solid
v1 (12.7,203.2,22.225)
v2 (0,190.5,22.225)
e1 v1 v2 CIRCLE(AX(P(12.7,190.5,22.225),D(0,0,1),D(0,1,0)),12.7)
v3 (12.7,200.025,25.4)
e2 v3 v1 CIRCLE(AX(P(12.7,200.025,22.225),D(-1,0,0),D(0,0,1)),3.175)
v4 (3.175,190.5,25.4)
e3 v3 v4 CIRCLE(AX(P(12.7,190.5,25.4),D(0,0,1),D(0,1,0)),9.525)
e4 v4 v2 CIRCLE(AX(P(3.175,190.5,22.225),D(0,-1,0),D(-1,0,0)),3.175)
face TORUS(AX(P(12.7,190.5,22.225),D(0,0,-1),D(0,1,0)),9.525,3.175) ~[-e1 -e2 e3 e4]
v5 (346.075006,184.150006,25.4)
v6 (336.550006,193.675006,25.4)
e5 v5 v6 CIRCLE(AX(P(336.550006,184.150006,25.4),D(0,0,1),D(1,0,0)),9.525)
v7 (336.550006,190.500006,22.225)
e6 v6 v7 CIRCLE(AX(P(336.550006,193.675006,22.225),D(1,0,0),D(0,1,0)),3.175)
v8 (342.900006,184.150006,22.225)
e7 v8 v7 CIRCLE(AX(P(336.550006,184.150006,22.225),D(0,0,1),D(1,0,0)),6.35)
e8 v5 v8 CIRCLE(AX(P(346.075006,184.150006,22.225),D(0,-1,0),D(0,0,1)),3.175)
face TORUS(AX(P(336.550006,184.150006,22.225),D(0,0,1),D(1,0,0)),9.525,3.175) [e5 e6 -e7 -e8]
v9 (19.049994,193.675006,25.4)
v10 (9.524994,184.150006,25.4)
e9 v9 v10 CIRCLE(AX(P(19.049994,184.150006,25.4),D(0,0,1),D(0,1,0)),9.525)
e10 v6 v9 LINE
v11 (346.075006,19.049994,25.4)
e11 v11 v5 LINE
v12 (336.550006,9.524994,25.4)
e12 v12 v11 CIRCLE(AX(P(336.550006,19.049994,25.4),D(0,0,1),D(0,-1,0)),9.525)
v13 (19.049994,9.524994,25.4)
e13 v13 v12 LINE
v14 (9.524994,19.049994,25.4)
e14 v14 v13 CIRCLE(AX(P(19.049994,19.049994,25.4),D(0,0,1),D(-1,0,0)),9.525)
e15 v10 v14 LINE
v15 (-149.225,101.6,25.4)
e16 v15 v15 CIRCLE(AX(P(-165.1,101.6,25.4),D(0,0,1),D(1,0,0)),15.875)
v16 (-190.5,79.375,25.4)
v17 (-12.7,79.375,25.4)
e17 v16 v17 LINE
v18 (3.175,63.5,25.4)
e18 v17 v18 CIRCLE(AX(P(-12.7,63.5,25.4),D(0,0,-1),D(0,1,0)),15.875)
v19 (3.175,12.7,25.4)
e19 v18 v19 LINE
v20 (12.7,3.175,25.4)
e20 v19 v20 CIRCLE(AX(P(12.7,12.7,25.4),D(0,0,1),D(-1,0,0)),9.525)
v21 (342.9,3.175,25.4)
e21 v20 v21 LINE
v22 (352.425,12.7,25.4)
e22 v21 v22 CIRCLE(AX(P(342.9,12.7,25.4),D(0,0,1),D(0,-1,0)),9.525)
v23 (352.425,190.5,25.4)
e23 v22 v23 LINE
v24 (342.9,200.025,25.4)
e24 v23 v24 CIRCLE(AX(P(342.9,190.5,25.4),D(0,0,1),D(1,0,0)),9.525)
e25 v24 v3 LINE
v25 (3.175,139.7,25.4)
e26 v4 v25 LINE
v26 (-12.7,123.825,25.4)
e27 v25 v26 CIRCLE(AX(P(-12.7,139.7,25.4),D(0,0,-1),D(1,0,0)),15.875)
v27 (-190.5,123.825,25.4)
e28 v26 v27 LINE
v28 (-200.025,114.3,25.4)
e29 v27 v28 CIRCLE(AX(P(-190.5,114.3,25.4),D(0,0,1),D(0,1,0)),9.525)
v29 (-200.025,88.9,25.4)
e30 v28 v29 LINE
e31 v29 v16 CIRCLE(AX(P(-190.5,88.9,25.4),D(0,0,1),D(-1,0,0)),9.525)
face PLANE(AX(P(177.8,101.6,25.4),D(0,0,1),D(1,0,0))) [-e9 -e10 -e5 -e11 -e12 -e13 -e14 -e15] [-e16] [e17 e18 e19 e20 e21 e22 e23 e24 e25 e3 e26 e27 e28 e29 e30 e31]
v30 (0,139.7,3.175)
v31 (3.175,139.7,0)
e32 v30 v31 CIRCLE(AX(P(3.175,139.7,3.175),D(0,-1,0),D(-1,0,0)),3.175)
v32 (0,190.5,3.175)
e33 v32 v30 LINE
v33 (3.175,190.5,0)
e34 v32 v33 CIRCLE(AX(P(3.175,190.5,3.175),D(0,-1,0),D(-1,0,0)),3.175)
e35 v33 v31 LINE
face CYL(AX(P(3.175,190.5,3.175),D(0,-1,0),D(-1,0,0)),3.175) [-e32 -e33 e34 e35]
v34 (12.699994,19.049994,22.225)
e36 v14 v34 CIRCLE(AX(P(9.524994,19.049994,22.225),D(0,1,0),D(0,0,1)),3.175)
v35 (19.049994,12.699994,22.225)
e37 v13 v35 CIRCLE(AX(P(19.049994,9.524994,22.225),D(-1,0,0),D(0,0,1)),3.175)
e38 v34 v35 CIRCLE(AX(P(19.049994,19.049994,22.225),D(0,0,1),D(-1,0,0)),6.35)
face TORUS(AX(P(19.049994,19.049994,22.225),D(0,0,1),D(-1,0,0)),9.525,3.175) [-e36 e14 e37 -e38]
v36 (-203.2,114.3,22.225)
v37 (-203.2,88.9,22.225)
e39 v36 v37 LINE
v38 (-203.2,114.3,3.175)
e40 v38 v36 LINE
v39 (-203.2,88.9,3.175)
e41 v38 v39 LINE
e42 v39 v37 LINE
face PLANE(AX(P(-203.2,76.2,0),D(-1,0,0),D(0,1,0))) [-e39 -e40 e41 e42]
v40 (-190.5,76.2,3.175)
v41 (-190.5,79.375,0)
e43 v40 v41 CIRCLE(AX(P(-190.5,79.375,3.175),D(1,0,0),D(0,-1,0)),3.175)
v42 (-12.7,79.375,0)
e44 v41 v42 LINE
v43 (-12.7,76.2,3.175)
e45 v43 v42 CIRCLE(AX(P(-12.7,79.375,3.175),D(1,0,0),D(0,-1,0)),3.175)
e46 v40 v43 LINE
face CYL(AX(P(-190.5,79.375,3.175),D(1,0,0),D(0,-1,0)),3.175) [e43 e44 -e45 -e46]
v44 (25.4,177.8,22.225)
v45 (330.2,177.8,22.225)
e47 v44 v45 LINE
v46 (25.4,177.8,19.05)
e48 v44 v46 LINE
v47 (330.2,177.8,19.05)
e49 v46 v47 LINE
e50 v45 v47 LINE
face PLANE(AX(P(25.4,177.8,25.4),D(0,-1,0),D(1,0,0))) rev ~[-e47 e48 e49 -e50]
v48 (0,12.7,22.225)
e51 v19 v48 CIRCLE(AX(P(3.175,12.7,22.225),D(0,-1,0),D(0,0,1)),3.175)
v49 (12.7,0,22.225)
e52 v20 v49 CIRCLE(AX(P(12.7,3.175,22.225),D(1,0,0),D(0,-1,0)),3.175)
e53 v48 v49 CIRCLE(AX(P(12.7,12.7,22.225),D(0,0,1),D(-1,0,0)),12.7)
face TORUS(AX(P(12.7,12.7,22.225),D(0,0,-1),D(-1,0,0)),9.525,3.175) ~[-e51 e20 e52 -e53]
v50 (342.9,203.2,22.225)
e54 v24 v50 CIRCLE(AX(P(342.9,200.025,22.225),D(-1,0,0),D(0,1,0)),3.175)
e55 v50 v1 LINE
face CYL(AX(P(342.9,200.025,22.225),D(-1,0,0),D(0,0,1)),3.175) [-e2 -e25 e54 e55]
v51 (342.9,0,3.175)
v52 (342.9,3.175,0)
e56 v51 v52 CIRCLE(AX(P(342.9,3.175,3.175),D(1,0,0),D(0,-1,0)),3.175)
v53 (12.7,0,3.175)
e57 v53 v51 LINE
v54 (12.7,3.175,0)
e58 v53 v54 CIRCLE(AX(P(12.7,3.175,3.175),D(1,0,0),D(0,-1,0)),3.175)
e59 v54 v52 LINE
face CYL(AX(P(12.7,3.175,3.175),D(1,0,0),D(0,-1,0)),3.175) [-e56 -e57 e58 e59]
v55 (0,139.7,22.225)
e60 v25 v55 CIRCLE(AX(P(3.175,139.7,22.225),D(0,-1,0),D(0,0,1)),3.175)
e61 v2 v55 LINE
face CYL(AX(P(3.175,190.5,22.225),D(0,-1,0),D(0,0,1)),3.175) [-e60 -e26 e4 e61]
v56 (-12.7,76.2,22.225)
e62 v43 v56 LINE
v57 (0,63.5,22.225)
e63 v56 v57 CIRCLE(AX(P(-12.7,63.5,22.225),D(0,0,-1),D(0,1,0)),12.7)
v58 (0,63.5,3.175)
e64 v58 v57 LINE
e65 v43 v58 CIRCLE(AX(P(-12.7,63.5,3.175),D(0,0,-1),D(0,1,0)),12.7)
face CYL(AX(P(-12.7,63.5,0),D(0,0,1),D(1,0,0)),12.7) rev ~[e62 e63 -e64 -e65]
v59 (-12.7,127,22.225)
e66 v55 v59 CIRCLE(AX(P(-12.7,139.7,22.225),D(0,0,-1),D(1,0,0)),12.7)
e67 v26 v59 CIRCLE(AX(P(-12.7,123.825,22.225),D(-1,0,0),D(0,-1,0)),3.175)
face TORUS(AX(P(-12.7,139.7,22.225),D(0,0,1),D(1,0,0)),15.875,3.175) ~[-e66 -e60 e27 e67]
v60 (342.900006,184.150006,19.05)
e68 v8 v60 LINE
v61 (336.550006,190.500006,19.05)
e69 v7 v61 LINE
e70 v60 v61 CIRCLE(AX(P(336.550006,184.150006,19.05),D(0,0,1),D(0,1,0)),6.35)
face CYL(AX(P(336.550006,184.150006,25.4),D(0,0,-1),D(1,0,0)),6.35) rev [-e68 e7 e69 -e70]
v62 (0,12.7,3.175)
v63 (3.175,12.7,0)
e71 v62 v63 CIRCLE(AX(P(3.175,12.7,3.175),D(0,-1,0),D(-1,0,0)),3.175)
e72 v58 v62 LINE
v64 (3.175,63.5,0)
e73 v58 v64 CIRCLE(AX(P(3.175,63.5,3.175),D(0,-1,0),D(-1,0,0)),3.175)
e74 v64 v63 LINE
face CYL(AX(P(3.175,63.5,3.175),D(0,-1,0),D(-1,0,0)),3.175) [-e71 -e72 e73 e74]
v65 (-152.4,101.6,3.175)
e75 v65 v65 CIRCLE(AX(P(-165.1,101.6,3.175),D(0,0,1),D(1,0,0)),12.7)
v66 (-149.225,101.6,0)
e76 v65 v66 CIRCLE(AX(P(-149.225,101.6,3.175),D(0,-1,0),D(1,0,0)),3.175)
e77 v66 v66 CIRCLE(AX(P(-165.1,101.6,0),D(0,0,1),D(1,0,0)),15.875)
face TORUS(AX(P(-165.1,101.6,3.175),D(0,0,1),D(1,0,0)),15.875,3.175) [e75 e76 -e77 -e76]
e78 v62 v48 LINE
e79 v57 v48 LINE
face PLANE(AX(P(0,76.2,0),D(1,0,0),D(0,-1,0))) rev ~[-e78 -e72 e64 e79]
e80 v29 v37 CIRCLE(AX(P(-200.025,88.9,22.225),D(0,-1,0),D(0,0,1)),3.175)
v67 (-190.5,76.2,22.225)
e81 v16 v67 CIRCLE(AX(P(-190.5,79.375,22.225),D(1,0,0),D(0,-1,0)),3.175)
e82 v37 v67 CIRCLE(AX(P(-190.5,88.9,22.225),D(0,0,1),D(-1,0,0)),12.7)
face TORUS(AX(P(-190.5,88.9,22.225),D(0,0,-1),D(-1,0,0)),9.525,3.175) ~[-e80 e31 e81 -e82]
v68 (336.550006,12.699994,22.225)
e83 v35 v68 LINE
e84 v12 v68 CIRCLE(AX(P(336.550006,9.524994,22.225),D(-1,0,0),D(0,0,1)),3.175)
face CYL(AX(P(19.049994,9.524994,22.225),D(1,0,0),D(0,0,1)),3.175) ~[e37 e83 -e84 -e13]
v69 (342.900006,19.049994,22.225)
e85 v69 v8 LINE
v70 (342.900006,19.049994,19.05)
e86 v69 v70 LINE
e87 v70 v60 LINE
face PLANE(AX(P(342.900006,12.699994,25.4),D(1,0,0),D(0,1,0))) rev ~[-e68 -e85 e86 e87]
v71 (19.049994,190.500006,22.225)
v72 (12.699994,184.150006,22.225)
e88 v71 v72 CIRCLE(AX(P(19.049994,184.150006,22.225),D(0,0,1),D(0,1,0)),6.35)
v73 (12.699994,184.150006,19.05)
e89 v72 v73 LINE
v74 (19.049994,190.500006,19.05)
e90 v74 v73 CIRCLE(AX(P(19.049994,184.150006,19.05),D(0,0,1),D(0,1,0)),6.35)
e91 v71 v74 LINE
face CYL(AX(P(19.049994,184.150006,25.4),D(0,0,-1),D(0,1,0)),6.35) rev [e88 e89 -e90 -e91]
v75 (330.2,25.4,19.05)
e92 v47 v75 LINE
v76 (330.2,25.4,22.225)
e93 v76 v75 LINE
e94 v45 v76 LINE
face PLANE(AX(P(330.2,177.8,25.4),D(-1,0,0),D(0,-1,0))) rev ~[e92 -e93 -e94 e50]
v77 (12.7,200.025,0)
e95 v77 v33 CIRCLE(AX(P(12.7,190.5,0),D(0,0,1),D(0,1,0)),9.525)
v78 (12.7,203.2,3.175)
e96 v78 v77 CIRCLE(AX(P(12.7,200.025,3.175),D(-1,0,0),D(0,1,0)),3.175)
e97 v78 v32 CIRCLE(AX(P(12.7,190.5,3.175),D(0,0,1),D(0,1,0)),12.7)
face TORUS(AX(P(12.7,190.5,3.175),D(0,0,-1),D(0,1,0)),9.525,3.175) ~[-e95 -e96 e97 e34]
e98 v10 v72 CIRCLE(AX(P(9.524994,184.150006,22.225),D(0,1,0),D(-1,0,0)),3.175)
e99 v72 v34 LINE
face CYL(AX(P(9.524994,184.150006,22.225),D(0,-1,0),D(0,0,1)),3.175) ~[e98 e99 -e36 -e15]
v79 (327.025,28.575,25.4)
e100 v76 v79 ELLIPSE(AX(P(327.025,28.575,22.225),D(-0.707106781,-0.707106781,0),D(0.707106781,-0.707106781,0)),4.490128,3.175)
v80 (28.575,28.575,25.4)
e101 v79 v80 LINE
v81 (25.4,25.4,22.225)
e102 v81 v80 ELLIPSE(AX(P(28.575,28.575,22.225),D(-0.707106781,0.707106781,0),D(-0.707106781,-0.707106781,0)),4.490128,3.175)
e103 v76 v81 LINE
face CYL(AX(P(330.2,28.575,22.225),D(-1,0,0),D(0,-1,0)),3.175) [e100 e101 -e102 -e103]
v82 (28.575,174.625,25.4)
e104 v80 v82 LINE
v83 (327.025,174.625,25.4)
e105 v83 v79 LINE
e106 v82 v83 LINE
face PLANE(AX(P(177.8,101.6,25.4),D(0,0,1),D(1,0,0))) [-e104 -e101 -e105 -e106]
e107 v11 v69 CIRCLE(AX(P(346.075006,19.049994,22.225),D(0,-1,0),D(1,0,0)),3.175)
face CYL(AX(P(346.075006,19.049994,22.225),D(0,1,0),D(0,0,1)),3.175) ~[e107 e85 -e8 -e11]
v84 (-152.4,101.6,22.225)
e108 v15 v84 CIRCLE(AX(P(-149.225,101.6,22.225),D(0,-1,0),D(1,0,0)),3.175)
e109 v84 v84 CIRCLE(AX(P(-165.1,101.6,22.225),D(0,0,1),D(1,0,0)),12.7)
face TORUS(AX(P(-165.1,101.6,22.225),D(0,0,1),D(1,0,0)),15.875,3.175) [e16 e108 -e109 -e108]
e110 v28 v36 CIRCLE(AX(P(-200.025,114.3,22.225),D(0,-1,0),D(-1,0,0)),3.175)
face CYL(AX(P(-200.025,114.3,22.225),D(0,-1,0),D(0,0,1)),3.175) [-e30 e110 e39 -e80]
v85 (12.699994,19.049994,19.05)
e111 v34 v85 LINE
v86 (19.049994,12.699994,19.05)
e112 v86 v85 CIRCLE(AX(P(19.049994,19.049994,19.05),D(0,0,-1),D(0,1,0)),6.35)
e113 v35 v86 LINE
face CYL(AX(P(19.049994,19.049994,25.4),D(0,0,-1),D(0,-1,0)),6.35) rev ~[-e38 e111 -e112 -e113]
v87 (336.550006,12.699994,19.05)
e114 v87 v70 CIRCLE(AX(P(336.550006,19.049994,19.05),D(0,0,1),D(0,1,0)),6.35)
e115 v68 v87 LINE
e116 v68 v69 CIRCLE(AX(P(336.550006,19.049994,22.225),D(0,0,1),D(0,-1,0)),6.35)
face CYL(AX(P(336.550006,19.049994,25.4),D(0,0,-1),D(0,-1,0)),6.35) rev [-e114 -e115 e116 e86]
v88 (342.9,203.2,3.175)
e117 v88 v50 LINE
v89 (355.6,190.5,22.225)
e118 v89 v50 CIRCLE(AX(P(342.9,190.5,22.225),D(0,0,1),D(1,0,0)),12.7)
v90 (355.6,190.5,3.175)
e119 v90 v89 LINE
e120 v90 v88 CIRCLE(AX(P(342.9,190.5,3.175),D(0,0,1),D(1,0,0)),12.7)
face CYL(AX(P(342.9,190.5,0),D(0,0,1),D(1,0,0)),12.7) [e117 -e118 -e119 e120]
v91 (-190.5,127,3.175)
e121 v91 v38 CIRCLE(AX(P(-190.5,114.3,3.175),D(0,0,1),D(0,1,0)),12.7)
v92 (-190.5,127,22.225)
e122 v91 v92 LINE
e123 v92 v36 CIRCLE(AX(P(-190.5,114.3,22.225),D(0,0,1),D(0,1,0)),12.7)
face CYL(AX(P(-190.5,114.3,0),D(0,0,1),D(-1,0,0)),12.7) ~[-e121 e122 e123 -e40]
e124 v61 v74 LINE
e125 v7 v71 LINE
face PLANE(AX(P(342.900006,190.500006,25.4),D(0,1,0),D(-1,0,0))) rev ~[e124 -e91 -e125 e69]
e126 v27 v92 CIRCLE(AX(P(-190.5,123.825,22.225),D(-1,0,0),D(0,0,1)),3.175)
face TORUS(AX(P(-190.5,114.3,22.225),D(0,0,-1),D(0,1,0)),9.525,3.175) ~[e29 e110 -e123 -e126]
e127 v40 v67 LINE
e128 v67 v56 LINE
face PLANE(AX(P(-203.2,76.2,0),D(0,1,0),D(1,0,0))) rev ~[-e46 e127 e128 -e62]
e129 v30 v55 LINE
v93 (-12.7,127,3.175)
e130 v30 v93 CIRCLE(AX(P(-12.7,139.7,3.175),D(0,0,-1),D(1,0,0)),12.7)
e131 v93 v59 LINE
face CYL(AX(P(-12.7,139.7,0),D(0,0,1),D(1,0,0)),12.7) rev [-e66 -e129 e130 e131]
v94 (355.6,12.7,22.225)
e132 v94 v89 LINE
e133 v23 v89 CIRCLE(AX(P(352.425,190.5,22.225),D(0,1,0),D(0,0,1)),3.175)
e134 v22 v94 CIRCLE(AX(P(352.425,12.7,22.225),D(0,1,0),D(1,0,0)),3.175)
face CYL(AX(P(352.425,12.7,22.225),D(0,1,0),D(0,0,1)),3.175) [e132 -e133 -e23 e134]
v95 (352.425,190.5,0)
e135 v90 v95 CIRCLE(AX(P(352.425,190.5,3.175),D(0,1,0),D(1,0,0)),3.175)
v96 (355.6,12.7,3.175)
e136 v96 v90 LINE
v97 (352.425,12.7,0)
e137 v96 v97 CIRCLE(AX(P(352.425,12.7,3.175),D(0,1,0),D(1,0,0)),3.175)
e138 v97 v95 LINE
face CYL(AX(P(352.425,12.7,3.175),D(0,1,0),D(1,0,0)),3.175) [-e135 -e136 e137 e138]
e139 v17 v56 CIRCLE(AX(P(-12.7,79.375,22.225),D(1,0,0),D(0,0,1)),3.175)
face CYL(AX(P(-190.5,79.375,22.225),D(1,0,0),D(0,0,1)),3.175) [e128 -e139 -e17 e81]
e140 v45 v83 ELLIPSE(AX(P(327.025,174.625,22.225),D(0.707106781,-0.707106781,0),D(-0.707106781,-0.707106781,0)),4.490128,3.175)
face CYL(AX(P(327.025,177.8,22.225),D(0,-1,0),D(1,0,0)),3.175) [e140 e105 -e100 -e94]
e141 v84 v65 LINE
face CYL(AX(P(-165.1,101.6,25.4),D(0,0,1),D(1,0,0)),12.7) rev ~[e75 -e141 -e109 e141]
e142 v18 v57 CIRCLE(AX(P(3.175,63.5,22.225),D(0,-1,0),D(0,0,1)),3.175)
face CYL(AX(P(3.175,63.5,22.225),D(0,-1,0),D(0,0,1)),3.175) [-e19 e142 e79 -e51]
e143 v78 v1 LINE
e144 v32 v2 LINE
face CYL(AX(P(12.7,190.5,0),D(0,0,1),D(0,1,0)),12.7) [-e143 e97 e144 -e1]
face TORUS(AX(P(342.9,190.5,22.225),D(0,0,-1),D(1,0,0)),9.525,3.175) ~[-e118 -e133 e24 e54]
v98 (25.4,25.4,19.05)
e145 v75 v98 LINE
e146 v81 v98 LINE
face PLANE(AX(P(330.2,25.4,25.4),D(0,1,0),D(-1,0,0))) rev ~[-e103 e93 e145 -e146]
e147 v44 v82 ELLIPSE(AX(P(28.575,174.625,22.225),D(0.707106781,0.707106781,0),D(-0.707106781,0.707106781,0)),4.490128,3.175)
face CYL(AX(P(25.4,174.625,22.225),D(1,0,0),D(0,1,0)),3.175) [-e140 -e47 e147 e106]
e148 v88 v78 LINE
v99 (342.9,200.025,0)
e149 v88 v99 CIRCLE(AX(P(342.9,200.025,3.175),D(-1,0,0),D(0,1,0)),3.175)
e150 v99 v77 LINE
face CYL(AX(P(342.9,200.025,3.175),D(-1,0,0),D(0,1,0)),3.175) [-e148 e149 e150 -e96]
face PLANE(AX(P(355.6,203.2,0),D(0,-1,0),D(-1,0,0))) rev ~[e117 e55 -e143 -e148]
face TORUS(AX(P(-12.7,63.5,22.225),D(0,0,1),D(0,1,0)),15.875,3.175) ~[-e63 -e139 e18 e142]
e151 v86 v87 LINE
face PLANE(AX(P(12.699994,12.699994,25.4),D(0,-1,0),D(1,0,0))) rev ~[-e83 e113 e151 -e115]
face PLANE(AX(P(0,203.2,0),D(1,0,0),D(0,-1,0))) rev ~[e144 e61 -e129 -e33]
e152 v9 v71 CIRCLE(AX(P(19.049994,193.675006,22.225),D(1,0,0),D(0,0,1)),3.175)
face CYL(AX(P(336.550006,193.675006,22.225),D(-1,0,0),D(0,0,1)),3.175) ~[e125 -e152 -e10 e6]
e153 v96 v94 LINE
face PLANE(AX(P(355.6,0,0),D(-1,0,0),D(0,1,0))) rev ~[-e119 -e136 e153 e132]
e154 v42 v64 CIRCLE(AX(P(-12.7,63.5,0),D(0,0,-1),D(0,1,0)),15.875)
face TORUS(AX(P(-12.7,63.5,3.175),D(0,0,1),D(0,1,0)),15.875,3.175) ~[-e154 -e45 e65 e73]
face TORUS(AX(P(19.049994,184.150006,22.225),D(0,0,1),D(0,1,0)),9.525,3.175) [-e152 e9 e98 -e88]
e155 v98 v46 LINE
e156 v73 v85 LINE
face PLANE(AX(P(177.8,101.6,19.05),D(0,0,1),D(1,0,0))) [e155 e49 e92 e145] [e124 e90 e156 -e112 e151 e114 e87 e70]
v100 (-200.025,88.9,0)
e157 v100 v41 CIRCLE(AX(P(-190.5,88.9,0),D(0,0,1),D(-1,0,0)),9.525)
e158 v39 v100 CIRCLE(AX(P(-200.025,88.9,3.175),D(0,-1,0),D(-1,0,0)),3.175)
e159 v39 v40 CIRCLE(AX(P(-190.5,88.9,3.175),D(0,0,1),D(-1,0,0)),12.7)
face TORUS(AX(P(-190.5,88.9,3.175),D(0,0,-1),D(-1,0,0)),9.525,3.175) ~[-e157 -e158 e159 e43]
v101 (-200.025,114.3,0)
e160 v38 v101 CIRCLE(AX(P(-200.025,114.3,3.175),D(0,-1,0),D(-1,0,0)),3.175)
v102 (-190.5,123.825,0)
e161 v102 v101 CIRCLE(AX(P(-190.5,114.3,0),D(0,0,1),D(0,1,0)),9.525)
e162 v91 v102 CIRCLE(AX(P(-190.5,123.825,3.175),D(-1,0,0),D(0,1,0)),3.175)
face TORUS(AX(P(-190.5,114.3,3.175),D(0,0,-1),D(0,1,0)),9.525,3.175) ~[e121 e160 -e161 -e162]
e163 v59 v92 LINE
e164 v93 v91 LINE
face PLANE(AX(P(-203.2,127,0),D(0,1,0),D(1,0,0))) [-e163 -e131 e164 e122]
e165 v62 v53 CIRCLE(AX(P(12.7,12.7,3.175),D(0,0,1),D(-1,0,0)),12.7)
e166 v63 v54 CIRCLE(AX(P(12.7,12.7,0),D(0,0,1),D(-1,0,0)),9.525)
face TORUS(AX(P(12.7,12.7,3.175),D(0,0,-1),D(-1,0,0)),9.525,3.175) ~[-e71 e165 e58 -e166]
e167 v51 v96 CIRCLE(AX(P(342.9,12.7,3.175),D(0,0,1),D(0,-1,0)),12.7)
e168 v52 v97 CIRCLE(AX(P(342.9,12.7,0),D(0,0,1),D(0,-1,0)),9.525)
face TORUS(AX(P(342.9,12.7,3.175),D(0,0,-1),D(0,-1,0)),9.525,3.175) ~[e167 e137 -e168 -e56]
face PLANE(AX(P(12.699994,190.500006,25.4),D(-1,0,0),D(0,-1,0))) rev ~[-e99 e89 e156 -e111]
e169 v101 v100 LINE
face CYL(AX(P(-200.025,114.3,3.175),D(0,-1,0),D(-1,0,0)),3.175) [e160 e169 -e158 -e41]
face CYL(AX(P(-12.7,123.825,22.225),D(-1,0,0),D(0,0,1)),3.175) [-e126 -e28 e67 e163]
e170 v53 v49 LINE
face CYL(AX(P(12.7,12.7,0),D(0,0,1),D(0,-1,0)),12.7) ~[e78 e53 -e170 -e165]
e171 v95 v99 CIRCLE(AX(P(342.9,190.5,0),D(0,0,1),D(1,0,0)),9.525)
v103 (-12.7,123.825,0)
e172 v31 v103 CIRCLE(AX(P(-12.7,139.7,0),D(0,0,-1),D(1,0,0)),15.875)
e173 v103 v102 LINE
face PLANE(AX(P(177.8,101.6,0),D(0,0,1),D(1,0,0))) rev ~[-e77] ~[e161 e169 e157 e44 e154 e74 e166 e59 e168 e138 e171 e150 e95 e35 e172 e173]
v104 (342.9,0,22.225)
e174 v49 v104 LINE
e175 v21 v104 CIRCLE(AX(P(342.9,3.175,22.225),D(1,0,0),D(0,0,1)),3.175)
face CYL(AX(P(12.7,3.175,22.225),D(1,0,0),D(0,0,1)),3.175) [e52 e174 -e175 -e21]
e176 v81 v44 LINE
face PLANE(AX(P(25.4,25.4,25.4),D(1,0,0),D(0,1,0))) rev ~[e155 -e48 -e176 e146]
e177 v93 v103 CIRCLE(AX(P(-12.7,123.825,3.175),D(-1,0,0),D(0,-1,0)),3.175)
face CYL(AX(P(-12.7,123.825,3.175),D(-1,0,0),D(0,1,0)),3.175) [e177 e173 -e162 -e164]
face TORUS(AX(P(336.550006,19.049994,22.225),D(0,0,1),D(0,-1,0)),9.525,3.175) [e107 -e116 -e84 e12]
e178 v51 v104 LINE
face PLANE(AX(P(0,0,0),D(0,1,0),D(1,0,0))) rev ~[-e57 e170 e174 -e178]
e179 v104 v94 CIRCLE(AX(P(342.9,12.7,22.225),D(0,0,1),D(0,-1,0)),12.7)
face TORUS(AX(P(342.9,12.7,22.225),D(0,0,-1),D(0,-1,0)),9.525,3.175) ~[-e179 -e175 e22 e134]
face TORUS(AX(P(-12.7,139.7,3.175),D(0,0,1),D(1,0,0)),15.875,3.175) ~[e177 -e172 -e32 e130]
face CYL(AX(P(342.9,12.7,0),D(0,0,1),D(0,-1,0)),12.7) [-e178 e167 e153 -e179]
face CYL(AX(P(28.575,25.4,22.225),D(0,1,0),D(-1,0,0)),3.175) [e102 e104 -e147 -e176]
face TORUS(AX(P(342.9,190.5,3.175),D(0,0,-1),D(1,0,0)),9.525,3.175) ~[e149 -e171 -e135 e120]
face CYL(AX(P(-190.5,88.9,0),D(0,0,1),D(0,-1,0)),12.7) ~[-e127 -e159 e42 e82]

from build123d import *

# Parameters (mm, degrees)
F0_W     = 203.2
F0_H     = 50.8
F1_DEPTH = 25.4
F2_R     = 12.7
F3_DEPTH = 25.4
F5_DEPTH = 6.35
F6_R     = 6.35
F7_R     = 12.7
F8_R     = 3.175


with BuildPart() as f1:
    # F0 (on Top) → F1 (new body)
    with BuildSketch(Plane.XY):
        Polygon((0, 76.2), (0, 0), (355.6, 0), (355.6, 203.2), (0, 203.2), (0, 127), align=None)
        with Locations((-101.6, 101.6)):
            Rectangle(F0_W, F0_H)
    extrude(amount=F1_DEPTH)

    # F2 (on face) → F3 (cut)
    with BuildSketch(Plane.XY.offset(25.4)):
        with Locations((-165.1, 101.6)):
            Circle(F2_R)
    extrude(amount=-F3_DEPTH, mode=Mode.SUBTRACT)

    # F4 (on face) → F5 (cut)
    with BuildSketch(Plane.XY.offset(25.4)):
        Polygon((12.6999939203, 72.3010972142), (12.6999939203, 12.6999939203), (342.9000060797, 12.6999939203), (342.9000060797, 190.5000060797), (12.6999939203, 190.5000060797), (12.6999939203, 127), (12.6999939203, 76.2), align=None)
        Polygon((330.1999997139, 25.4000002861), (25.4000002861, 25.4000002861), (25.4000002861, 76.2), (25.4000002861, 127), (25.4000002861, 177.7999997139), (330.1999997139, 177.7999997139), align=None, mode=Mode.SUBTRACT)
    extrude(amount=-F5_DEPTH, mode=Mode.SUBTRACT)

    # F6
    f6_edges = [f1.edges().sort_by_distance(p)[0] for p in [
        (12.699994, 190.500006, 22.225),
        (342.900006, 190.500006, 22.225),
        (342.900006, 12.699994, 22.225),
        (12.699994, 12.699994, 22.225),
    ]]
    fillet(f6_edges, radius=F6_R)

    # F7
    f7_edges = [f1.edges().sort_by_distance(p)[0] for p in [
        (0, 0, 12.7),
        (-203.2, 76.2, 12.7),
        (-203.2, 127, 12.7),
        (0, 127, 12.7),
        (0, 203.2, 12.7),
        (355.6, 203.2, 12.7),
        (355.6, 0, 12.7),
        (0, 76.2, 12.7),
    ]]
    fillet(f7_edges, radius=F7_R)

    # F8
    f8_edges = [f1.edges().sort_by_distance(p)[0] for p in [
        (330.2, 101.6, 25.4),
        (177.8, 25.4, 25.4),
        (25.4, 101.6, 25.4),
        (177.8, 177.8, 25.4),
        (0, 38.1, 25.4),
        (-3.719744, 72.480256, 25.4),
        (3.719744, 3.719744, 25.4),
        (-101.6, 76.2, 25.4),
        (177.8, 0, 25.4),
        (-199.480256, 79.919744, 25.4),
        (351.880256, 3.719744, 25.4),
        (-203.2, 101.6, 25.4),
        (355.6, 101.6, 25.4),
        (-199.480256, 123.280256, 25.4),
        (351.880256, 199.480256, 25.4),
        (-101.6, 127, 25.4),
        (177.8, 203.2, 25.4),
        (-3.719744, 130.719744, 25.4),
        (3.719744, 199.480256, 25.4),
        (0, 165.1, 25.4),
        (177.8, 12.699994, 25.4),
        (14.559866, 14.559866, 25.4),
        (341.040134, 14.559866, 25.4),
        (12.699994, 101.6, 25.4),
        (342.900006, 101.6, 25.4),
        (14.559866, 188.640134, 25.4),
        (341.040134, 188.640134, 25.4),
        (177.8, 190.500006, 25.4),
        (-177.8, 101.6, 25.4),
        (0, 38.1, 0),
        (-3.719744, 72.480256, 0),
        (3.719744, 3.719744, 0),
        (-101.6, 76.2, 0),
        (177.8, 0, 0),
        (-199.480256, 79.919744, 0),
        (351.880256, 3.719744, 0),
        (-203.2, 101.6, 0),
        (355.6, 101.6, 0),
        (-199.480256, 123.280256, 0),
        (351.880256, 199.480256, 0),
        (-101.6, 127, 0),
        (177.8, 203.2, 0),
        (-3.719744, 130.719744, 0),
        (3.719744, 199.480256, 0),
        (0, 165.1, 0),
        (-177.8, 101.6, 0),
    ]]
    fillet(f8_edges, radius=F8_R)


solid = f1.part
